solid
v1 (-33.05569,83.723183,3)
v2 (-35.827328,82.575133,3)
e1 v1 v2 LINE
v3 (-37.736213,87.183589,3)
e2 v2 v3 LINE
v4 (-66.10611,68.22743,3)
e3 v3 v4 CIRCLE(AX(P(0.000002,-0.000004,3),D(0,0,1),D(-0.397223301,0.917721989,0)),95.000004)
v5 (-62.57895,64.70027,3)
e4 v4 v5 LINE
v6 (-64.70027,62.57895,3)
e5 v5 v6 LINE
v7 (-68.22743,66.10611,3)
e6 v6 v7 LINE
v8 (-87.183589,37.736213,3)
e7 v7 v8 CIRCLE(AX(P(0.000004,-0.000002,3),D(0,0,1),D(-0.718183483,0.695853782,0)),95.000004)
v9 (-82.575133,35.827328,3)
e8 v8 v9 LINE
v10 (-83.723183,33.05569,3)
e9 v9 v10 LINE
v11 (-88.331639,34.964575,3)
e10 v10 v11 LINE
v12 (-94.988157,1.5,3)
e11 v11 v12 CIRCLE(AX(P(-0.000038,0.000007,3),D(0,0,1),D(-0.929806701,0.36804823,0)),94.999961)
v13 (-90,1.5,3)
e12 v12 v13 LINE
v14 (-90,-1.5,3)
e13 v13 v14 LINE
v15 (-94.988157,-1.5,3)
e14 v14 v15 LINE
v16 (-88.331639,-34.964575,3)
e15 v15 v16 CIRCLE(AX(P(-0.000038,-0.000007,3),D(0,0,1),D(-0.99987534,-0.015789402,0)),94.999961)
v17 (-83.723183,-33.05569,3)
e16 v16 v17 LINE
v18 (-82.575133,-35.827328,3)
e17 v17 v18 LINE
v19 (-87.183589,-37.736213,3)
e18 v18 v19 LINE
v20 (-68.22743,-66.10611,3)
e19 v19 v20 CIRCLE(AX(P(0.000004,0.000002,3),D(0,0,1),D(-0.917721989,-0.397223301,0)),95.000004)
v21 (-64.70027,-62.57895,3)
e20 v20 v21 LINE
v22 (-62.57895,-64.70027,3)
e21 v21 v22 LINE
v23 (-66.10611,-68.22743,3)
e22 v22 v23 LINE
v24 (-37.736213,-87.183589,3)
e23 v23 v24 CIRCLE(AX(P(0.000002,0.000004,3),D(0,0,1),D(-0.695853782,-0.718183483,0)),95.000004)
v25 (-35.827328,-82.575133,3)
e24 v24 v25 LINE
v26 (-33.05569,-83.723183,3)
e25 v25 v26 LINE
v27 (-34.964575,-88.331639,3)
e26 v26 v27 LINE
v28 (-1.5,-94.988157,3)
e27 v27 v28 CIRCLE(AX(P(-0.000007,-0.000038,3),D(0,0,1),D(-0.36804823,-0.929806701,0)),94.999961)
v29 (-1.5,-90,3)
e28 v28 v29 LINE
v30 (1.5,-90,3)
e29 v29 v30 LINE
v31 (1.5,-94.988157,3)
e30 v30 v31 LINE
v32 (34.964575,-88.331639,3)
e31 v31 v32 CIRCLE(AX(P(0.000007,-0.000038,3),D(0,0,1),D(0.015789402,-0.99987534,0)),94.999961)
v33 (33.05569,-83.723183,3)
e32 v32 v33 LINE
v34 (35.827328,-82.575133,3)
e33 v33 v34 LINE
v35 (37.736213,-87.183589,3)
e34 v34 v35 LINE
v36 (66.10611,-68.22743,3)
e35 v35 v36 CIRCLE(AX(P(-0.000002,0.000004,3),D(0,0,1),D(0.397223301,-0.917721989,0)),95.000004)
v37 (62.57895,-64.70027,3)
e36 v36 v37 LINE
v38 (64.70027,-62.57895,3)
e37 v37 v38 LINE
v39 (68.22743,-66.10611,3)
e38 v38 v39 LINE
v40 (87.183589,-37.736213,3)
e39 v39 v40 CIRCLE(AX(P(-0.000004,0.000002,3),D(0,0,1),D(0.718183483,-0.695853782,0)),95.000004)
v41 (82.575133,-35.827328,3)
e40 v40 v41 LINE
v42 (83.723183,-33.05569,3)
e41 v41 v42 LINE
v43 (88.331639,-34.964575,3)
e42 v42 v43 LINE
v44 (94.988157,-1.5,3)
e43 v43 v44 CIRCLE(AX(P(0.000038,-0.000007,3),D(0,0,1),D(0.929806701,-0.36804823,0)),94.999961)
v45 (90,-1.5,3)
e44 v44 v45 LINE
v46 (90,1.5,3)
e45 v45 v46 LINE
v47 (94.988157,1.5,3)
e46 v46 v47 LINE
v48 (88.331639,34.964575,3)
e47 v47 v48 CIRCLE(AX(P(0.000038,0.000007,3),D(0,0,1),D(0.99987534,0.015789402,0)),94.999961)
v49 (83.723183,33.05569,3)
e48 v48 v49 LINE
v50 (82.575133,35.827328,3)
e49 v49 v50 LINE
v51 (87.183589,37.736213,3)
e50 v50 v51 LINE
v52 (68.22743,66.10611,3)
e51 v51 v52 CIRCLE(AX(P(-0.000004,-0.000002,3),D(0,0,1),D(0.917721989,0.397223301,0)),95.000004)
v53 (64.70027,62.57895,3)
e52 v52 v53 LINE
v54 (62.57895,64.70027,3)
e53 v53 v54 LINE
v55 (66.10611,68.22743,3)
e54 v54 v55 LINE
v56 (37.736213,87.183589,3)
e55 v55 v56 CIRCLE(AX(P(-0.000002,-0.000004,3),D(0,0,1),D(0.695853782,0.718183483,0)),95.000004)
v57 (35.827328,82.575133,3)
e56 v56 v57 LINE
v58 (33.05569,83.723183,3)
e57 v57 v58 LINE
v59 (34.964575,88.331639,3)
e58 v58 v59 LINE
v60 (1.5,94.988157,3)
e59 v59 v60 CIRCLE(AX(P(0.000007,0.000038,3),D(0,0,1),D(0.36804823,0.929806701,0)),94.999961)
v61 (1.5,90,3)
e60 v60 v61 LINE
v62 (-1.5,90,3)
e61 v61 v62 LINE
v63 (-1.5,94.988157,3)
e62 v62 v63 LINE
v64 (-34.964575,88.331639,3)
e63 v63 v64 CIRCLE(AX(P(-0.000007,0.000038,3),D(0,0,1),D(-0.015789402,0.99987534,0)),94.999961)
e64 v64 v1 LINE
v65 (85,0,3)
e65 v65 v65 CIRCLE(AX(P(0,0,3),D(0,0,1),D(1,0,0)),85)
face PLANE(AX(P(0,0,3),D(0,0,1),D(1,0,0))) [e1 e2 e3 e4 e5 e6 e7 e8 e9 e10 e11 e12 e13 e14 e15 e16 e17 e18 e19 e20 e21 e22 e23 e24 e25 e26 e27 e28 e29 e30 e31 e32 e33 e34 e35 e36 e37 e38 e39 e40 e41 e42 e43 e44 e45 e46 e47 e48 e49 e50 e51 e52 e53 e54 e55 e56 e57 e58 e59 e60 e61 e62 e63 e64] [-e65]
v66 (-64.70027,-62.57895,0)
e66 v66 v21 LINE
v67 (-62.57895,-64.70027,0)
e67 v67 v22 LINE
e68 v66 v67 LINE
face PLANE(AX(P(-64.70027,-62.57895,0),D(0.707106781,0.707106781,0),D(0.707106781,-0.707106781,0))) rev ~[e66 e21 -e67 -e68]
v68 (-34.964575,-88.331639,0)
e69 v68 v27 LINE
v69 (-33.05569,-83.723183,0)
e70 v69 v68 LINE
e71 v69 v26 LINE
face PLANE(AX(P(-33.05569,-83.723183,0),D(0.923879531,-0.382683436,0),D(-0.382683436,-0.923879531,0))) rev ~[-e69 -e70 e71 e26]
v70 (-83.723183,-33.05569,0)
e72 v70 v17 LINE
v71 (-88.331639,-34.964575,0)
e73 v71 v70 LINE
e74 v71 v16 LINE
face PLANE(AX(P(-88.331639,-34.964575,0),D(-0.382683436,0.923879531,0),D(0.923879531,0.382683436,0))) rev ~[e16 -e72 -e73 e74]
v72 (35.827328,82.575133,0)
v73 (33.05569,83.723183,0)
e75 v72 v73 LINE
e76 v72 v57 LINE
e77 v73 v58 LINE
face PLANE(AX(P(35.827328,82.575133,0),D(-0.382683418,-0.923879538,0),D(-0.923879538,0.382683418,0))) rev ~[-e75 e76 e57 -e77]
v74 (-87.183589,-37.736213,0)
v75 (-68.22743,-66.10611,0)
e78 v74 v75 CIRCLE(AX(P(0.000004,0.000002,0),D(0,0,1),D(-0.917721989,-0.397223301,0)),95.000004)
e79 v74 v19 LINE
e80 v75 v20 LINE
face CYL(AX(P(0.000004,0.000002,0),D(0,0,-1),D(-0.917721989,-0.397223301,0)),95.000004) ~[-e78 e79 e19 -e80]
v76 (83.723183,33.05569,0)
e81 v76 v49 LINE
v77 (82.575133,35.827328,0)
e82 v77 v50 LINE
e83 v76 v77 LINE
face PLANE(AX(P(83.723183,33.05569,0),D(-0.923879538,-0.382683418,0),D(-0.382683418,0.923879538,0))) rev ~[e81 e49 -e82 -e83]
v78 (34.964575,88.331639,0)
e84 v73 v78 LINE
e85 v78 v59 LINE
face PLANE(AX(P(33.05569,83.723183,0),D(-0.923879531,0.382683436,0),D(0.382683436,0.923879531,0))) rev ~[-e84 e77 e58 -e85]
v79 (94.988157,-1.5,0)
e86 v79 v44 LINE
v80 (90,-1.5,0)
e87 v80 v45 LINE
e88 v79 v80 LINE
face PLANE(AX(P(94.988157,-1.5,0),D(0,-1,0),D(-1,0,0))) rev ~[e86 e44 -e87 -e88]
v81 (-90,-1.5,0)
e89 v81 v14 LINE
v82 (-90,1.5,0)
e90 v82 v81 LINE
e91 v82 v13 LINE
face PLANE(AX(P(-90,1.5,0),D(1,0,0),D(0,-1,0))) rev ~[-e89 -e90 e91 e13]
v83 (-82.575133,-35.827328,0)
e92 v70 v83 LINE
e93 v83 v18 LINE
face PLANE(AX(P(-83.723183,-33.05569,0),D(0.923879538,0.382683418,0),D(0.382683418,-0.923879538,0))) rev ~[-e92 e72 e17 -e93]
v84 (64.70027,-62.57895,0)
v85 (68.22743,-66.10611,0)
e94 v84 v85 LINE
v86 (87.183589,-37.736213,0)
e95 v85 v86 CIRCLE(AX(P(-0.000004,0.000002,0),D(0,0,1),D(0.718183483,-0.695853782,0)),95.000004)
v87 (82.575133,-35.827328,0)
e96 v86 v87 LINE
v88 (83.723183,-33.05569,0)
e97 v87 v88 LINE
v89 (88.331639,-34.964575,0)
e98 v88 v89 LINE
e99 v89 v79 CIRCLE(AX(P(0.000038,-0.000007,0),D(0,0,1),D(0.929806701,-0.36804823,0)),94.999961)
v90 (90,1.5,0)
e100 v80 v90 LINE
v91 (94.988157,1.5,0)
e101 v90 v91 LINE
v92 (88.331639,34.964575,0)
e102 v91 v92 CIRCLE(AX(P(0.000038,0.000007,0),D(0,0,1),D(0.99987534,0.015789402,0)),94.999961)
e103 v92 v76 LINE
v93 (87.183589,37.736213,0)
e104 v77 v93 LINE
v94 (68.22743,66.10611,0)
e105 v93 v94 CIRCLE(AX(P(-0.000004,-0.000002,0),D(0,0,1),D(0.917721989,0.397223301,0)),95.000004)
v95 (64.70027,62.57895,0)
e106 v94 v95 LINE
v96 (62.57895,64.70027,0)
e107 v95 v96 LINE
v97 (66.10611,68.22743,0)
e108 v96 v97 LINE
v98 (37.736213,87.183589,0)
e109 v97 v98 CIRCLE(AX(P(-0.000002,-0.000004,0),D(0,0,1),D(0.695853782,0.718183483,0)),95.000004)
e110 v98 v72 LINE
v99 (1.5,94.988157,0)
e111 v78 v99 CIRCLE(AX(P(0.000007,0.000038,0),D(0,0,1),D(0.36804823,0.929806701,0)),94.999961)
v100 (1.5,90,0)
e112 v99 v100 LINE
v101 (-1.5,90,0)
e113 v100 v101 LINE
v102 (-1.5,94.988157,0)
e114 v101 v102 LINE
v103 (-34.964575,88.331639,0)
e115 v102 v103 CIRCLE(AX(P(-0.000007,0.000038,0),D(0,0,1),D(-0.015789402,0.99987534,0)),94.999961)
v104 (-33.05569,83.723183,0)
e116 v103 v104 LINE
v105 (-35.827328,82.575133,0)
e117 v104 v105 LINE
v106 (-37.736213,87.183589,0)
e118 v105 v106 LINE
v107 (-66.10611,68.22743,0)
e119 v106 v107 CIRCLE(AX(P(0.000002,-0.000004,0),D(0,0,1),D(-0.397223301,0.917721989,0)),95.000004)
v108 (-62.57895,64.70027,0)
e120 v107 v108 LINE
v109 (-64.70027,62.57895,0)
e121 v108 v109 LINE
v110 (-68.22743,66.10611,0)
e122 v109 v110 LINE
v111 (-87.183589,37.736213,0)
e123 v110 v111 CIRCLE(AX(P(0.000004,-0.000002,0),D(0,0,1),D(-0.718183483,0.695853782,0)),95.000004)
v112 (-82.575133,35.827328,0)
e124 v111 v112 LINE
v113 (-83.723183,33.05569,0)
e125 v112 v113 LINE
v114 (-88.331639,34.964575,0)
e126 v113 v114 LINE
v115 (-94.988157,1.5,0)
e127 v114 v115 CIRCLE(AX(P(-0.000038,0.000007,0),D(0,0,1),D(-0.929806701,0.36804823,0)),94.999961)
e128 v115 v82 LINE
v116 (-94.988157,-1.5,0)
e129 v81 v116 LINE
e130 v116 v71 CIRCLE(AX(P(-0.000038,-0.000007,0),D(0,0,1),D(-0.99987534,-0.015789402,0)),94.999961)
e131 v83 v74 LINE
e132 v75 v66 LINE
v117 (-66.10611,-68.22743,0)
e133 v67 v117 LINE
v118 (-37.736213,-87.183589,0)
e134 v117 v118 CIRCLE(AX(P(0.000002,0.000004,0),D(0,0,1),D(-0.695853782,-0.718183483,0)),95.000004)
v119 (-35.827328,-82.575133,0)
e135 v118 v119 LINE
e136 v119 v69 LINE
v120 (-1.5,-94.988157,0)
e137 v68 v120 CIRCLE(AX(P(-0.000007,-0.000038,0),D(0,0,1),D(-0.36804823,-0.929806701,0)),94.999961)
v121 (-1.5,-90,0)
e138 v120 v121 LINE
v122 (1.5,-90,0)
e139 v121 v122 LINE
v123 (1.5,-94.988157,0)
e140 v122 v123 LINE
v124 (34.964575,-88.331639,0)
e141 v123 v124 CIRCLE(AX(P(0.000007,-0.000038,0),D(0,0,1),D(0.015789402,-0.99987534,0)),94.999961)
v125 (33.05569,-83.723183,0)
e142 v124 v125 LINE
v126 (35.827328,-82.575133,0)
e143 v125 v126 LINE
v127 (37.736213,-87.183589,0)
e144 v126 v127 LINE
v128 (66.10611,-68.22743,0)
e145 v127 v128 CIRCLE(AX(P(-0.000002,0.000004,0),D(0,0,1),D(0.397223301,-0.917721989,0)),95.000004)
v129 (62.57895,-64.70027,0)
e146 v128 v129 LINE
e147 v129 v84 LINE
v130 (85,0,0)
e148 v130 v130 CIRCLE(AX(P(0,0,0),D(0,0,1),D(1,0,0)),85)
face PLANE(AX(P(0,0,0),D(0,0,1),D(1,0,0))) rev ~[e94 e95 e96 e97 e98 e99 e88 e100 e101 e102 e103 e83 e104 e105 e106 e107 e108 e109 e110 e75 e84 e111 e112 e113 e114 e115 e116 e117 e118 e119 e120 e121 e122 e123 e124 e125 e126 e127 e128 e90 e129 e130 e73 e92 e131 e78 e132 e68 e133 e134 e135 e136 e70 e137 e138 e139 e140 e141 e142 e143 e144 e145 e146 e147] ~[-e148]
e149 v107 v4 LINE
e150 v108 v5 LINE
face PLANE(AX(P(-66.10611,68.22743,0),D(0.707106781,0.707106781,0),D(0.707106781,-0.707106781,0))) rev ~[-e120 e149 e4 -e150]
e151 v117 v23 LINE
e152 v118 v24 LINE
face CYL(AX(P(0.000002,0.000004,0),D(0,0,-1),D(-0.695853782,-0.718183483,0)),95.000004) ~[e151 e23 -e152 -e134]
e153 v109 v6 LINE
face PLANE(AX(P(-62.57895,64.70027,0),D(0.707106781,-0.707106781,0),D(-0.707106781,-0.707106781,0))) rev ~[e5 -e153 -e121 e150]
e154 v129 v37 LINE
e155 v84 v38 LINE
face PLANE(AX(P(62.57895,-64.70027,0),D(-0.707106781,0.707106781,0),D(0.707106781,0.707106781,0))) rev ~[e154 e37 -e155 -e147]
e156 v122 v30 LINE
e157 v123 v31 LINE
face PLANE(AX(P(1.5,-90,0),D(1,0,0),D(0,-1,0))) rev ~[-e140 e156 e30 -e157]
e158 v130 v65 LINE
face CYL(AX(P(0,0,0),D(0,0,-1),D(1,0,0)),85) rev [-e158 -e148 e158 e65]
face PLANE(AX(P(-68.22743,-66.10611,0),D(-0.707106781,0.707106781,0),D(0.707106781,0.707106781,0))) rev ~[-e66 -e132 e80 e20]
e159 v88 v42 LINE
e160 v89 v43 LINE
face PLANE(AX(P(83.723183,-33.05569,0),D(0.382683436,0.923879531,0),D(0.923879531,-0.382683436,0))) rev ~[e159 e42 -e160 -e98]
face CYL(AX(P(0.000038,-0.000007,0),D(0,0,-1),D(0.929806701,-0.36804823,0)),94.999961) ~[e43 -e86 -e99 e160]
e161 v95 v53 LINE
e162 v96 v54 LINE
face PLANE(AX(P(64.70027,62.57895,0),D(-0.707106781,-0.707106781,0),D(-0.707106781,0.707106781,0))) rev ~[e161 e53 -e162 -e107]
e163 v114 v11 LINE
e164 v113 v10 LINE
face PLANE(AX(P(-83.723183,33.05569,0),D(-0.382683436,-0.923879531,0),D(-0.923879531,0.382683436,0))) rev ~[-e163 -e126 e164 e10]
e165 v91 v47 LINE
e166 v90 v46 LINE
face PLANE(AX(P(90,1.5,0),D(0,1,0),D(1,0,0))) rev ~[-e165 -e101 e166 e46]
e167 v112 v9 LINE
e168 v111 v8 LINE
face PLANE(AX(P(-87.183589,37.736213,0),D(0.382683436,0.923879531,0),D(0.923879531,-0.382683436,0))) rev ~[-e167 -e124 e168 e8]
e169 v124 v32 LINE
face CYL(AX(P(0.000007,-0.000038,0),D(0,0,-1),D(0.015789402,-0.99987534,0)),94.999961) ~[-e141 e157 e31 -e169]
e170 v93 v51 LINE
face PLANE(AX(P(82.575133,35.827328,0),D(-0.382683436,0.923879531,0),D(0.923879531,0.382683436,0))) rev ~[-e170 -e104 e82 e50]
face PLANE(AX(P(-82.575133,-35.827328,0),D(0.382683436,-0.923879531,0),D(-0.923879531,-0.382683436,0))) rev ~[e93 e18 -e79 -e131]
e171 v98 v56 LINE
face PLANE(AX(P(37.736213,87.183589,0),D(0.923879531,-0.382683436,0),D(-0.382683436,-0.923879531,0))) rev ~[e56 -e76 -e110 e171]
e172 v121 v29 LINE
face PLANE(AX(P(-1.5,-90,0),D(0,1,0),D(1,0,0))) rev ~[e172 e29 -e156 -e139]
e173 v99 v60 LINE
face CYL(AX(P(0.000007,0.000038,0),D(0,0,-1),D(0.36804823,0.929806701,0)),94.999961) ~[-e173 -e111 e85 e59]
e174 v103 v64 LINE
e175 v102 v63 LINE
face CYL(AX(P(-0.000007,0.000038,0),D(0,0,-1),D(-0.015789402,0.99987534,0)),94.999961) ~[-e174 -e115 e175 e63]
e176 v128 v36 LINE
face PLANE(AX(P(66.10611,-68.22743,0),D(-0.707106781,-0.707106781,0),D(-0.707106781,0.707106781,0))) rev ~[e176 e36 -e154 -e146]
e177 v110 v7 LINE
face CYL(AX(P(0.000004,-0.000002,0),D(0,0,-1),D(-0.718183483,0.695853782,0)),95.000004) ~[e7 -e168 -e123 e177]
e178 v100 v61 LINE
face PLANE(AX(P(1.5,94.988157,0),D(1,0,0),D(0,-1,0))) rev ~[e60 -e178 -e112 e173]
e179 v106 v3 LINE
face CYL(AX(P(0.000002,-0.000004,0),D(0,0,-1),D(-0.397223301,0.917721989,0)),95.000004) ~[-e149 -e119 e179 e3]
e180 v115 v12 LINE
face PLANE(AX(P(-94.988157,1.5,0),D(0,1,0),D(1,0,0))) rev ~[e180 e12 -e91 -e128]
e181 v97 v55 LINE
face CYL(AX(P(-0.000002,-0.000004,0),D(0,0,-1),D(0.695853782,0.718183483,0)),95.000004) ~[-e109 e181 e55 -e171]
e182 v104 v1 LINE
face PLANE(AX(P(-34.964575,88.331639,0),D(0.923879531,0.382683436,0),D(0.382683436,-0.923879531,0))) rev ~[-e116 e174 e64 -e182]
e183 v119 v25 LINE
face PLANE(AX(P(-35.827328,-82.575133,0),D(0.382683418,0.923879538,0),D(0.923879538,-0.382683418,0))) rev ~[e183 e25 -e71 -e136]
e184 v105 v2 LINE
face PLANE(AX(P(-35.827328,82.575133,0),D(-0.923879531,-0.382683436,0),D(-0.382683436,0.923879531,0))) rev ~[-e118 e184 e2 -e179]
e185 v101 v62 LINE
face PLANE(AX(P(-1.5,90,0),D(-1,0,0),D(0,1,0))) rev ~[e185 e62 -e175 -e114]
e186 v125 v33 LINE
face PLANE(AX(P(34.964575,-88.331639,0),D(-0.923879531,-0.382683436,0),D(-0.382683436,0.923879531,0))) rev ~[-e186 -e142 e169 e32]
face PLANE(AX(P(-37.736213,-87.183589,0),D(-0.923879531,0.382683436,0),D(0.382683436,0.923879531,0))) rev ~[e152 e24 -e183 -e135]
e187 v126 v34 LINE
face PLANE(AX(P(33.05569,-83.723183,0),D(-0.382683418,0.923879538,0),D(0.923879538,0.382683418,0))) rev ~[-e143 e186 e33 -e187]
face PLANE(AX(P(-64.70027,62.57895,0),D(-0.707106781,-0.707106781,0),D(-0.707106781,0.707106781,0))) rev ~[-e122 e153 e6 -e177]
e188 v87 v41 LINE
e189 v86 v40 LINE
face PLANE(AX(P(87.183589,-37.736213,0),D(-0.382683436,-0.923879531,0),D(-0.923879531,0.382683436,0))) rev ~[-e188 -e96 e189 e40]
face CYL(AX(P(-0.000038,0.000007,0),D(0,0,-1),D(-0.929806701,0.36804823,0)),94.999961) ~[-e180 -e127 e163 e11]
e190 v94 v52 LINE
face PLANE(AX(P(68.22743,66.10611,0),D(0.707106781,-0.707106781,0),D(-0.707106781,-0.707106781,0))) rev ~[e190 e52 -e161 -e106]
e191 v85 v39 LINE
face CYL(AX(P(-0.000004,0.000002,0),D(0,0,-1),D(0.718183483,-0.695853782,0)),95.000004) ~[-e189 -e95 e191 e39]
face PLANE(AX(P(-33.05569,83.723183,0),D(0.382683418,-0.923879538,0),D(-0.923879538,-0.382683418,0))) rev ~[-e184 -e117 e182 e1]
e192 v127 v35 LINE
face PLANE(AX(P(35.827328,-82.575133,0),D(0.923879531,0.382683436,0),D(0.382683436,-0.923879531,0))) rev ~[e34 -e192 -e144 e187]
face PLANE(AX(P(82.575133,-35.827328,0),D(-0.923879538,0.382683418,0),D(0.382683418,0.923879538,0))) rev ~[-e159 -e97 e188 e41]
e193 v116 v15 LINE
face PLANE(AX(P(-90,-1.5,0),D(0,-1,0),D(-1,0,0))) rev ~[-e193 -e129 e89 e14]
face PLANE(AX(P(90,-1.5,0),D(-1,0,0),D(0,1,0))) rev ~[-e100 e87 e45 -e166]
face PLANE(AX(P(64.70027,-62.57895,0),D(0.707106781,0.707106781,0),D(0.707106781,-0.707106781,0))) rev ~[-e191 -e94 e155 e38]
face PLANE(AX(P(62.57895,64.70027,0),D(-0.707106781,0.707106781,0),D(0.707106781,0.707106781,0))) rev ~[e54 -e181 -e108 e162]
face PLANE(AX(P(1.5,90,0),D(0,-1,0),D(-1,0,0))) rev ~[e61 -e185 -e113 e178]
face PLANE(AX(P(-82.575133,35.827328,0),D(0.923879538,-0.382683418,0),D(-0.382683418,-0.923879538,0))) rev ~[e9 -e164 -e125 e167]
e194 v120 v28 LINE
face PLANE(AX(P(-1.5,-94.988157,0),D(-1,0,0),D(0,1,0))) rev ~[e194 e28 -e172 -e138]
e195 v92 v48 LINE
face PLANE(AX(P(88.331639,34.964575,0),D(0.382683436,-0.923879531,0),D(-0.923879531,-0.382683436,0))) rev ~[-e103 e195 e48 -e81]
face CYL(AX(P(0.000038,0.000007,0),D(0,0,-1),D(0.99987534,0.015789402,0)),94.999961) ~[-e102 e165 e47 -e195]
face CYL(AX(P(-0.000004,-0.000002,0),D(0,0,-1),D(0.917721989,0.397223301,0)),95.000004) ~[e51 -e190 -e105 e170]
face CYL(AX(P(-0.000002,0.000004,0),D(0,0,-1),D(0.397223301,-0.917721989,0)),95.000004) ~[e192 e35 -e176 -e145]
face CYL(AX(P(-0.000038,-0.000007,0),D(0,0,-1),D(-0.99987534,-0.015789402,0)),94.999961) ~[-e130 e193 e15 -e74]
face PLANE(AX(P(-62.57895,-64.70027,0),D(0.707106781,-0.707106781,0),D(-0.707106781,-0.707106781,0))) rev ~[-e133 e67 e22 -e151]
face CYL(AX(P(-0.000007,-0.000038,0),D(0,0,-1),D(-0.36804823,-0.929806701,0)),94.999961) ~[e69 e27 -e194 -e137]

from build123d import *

# Parameters (mm, degrees)
F0_R     = 85
F1_DEPTH = 3


with BuildPart() as f1:
    # F0 (on Top) → F1 (new body)
    with BuildSketch(Plane.XY):
        with BuildLine():
            Line((90, 1.5), (94.988157, 1.5))
            ThreePointArc((94.988157, 1.5), (93.174602, 18.533581), (88.331639, 34.964575))
            Line((88.331639, 34.964575), (83.723183, 33.05569))
            Line((83.723183, 33.05569), (82.575133, 35.827328))
            Line((82.575133, 35.827328), (87.183589, 37.736213))
            ThreePointArc((87.183589, 37.736213), (78.989613, 52.779172), (68.22743, 66.10611))
            Line((68.22743, 66.10611), (64.70027, 62.57895))
            Line((64.70027, 62.57895), (62.57895, 64.70027))
            Line((62.57895, 64.70027), (66.10611, 68.22743))
            ThreePointArc((66.10611, 68.22743), (52.779172, 78.989613), (37.736213, 87.183589))
            Line((37.736213, 87.183589), (35.827328, 82.575133))
            Line((35.827328, 82.575133), (33.05569, 83.723183))
            Line((33.05569, 83.723183), (34.964575, 88.331639))
            ThreePointArc((34.964575, 88.331639), (18.533581, 93.174602), (1.5, 94.988157))
            Line((1.5, 94.988157), (1.5, 90))
            Line((1.5, 90), (-1.5, 90))
            Line((-1.5, 90), (-1.5, 94.988157))
            ThreePointArc((-1.5, 94.988157), (-18.533581, 93.174602), (-34.964575, 88.331639))
            Line((-34.964575, 88.331639), (-33.05569, 83.723183))
            Line((-33.05569, 83.723183), (-35.827328, 82.575133))
            Line((-35.827328, 82.575133), (-37.736213, 87.183589))
            ThreePointArc((-37.736213, 87.183589), (-52.779172, 78.989613), (-66.10611, 68.22743))
            Line((-66.10611, 68.22743), (-62.57895, 64.70027))
            Line((-62.57895, 64.70027), (-64.70027, 62.57895))
            Line((-64.70027, 62.57895), (-68.22743, 66.10611))
            ThreePointArc((-68.22743, 66.10611), (-78.989613, 52.779172), (-87.183589, 37.736213))
            Line((-87.183589, 37.736213), (-82.575133, 35.827328))
            Line((-82.575133, 35.827328), (-83.723183, 33.05569))
            Line((-83.723183, 33.05569), (-88.331639, 34.964575))
            ThreePointArc((-88.331639, 34.964575), (-93.174602, 18.533581), (-94.988157, 1.5))
            Line((-94.988157, 1.5), (-90, 1.5))
            Line((-90, 1.5), (-90, -1.5))
            Line((-90, -1.5), (-94.988157, -1.5))
            ThreePointArc((-94.988157, -1.5), (-93.174602, -18.533581), (-88.331639, -34.964575))
            Line((-88.331639, -34.964575), (-83.723183, -33.05569))
            Line((-83.723183, -33.05569), (-82.575133, -35.827328))
            Line((-82.575133, -35.827328), (-87.183589, -37.736213))
            ThreePointArc((-87.183589, -37.736213), (-78.989613, -52.779172), (-68.22743, -66.10611))
            Line((-68.22743, -66.10611), (-64.70027, -62.57895))
            Line((-64.70027, -62.57895), (-62.57895, -64.70027))
            Line((-62.57895, -64.70027), (-66.10611, -68.22743))
            ThreePointArc((-66.10611, -68.22743), (-52.779172, -78.989613), (-37.736213, -87.183589))
            Line((-37.736213, -87.183589), (-35.827328, -82.575133))
            Line((-35.827328, -82.575133), (-33.05569, -83.723183))
            Line((-33.05569, -83.723183), (-34.964575, -88.331639))
            ThreePointArc((-34.964575, -88.331639), (-18.533581, -93.174602), (-1.5, -94.988157))
            Line((-1.5, -94.988157), (-1.5, -90))
            Line((-1.5, -90), (1.5, -90))
            Line((1.5, -90), (1.5, -94.988157))
            ThreePointArc((1.5, -94.988157), (18.533581, -93.174602), (34.964575, -88.331639))
            Line((34.964575, -88.331639), (33.05569, -83.723183))
            Line((33.05569, -83.723183), (35.827328, -82.575133))
            Line((35.827328, -82.575133), (37.736213, -87.183589))
            ThreePointArc((37.736213, -87.183589), (52.779172, -78.989613), (66.10611, -68.22743))
            Line((66.10611, -68.22743), (62.57895, -64.70027))
            Line((62.57895, -64.70027), (64.70027, -62.57895))
            Line((64.70027, -62.57895), (68.22743, -66.10611))
            ThreePointArc((68.22743, -66.10611), (78.989613, -52.779172), (87.183589, -37.736213))
            Line((87.183589, -37.736213), (82.575133, -35.827328))
            Line((82.575133, -35.827328), (83.723183, -33.05569))
            Line((83.723183, -33.05569), (88.331639, -34.964575))
            ThreePointArc((88.331639, -34.964575), (93.174602, -18.533581), (94.988157, -1.5))
            Line((94.988157, -1.5), (90, -1.5))
            Line((90, -1.5), (90, 1.5))
        make_face()
        Circle(F0_R, mode=Mode.SUBTRACT)
    extrude(amount=F1_DEPTH)


solid = f1.part
